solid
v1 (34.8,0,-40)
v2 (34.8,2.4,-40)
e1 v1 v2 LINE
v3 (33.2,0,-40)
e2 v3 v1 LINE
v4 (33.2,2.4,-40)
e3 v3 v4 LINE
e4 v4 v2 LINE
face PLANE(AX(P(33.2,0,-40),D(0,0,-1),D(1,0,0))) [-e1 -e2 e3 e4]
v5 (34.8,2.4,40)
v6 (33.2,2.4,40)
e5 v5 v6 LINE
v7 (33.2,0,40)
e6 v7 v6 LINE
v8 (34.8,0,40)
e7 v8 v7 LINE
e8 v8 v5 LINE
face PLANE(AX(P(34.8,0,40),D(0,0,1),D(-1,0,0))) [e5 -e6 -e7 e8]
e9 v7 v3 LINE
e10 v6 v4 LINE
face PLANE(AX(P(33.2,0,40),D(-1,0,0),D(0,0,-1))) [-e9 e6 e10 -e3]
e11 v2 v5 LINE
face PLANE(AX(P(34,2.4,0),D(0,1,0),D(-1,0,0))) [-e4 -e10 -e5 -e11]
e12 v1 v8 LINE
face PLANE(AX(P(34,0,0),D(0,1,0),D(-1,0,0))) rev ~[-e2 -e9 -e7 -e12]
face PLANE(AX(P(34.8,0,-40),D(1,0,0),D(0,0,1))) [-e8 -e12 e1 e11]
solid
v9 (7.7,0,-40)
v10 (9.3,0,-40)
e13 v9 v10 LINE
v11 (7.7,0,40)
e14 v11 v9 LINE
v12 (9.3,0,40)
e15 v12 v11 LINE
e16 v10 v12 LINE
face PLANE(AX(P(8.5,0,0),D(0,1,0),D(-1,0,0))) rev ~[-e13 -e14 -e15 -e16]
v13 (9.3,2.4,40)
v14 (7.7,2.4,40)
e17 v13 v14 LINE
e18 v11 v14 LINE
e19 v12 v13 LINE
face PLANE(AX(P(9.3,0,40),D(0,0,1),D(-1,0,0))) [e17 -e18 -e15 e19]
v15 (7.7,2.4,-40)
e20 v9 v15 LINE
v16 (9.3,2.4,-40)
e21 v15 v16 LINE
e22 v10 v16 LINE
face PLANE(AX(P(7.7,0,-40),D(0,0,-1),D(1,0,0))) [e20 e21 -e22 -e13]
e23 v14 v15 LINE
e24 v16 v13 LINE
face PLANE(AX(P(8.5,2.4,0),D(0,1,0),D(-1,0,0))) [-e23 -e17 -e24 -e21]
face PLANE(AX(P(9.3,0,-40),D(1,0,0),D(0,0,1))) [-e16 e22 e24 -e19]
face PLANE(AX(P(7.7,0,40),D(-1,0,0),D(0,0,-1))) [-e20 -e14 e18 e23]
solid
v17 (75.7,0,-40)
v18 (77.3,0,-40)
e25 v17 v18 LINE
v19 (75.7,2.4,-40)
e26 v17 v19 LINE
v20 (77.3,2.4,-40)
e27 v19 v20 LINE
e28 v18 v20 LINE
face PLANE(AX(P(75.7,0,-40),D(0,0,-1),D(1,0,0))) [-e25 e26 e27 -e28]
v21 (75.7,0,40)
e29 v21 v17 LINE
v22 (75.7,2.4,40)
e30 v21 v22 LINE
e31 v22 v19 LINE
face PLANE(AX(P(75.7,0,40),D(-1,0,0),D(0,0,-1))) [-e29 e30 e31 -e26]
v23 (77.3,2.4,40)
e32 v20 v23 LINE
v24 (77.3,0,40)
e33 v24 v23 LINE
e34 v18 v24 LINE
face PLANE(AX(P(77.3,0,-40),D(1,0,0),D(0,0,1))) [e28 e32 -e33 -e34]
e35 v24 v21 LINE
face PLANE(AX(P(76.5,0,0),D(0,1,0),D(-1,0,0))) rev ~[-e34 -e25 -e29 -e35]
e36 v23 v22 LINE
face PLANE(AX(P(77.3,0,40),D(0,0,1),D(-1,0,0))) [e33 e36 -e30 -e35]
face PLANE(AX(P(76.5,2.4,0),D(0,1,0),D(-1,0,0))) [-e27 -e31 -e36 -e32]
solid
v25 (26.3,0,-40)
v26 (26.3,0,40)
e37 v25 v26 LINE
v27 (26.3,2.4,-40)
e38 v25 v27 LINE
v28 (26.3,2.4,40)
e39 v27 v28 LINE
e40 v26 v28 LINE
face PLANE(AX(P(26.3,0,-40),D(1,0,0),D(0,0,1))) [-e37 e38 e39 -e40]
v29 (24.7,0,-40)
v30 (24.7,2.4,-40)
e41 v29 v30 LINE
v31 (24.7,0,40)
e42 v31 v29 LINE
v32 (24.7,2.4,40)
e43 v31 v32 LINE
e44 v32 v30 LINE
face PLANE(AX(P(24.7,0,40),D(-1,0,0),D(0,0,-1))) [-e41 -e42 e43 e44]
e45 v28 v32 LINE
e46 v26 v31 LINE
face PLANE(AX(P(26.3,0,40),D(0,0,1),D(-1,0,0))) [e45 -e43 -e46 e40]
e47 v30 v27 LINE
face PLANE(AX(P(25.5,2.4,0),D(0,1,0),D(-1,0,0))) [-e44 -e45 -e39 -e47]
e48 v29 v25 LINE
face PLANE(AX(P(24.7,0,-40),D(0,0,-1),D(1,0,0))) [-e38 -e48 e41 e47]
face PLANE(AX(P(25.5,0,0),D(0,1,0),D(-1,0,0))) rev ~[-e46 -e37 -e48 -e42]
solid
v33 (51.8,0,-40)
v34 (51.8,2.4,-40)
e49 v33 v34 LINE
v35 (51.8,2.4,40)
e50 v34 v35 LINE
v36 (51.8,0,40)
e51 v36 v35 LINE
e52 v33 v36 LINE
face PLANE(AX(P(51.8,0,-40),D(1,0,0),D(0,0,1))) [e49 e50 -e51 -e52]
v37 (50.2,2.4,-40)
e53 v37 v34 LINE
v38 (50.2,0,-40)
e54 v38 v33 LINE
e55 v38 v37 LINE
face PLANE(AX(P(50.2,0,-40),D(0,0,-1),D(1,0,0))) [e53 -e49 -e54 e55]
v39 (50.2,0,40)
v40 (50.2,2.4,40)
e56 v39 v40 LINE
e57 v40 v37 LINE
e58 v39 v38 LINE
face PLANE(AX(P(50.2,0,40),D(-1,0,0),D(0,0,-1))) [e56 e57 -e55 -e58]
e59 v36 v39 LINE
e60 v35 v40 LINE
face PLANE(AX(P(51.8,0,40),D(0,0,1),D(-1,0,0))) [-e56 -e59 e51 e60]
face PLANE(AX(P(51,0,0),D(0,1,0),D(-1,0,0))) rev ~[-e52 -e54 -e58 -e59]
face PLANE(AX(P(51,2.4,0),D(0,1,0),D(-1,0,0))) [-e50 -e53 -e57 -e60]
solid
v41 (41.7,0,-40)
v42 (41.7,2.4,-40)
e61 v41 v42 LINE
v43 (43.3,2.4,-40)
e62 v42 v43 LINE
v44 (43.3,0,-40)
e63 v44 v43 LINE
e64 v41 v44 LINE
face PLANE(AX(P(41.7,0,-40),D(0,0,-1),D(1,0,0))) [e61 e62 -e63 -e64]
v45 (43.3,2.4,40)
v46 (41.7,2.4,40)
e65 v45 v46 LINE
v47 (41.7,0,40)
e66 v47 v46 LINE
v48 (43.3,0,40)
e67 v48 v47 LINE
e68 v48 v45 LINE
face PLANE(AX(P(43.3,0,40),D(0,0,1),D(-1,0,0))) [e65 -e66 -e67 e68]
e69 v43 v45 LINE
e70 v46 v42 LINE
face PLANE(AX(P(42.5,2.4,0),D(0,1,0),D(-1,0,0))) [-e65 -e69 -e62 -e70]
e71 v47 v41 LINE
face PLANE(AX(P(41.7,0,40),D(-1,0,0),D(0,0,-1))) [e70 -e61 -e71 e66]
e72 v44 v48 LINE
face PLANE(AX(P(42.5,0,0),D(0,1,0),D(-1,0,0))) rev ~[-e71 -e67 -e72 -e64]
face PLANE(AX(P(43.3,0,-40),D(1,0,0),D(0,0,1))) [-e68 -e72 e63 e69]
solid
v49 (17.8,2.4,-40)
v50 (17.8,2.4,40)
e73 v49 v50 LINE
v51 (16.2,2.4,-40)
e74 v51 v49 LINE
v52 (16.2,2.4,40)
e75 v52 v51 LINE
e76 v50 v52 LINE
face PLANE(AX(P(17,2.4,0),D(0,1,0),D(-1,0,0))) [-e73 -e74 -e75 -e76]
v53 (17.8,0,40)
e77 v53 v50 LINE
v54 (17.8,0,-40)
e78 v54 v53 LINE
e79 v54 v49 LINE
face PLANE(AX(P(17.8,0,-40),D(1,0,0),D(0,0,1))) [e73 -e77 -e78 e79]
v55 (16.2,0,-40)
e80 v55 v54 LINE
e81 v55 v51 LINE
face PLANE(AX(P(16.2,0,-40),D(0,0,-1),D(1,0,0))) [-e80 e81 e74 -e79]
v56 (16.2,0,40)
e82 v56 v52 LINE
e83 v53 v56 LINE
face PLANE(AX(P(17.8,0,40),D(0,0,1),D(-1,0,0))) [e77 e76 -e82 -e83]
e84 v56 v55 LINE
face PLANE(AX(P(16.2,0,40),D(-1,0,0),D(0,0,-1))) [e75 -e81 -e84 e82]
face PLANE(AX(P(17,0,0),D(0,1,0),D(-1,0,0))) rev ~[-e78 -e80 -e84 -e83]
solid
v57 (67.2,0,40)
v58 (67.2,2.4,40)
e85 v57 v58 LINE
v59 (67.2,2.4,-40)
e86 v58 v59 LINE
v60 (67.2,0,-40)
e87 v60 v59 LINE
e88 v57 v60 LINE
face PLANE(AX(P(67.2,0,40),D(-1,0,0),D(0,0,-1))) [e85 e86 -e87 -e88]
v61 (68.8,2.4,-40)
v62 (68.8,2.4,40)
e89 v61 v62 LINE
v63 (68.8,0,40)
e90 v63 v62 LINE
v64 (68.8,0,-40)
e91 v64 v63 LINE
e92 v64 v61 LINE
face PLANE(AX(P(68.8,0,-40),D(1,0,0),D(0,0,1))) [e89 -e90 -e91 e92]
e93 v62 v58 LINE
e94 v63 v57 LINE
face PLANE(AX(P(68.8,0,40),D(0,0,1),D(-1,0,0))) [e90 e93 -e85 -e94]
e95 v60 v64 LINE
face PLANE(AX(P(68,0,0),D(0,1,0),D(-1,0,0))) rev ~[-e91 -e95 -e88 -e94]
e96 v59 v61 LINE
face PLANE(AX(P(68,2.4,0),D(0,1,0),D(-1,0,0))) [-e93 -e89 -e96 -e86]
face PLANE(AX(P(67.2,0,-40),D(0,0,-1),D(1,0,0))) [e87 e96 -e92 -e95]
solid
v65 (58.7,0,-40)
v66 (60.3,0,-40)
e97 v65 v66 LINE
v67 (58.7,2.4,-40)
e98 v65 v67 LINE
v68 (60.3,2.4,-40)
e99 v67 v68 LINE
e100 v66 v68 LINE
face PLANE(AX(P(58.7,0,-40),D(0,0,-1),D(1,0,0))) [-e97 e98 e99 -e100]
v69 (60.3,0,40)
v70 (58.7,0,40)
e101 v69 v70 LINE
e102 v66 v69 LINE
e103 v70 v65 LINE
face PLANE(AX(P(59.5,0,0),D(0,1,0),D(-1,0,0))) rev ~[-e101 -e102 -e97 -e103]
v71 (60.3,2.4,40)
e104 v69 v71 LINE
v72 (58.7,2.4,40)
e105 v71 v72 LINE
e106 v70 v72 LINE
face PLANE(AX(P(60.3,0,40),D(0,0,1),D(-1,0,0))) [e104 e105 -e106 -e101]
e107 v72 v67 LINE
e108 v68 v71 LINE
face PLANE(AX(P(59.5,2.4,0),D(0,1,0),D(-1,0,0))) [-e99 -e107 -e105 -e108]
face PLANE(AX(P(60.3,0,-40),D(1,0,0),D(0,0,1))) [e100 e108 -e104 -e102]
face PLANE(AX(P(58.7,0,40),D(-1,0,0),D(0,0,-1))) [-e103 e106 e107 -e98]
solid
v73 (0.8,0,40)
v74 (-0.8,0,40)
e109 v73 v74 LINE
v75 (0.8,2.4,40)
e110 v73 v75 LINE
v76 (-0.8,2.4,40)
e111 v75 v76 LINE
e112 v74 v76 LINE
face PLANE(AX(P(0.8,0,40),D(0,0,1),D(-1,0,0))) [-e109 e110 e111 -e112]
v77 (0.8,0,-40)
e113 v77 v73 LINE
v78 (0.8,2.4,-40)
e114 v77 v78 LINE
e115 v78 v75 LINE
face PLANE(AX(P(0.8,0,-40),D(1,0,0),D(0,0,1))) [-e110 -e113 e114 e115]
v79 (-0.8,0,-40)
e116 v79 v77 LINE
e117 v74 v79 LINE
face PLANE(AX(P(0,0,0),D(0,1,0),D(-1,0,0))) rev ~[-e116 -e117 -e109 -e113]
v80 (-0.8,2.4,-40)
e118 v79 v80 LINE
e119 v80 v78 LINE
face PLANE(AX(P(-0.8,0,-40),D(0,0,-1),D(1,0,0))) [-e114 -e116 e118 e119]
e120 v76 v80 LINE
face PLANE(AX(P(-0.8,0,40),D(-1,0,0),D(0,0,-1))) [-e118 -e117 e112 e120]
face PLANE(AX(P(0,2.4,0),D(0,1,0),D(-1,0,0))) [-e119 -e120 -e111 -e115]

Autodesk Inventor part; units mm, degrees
ref_plane "YZ Plane" through (0, 0, 0) normal (1, 0, 0) x (0, 1, 0)
ref_plane "XZ Plane" through (0, 0, 0) normal (0, 1, 0) x (-1, 0, 0)
ref_plane "XY Plane" through (0, 0, 0) normal (0, 0, 1) x (1, 0, 0)
sketch "Sketch1" plane through (0, 0, 0) normal (0, 1, 0) x (-1, 0, 0)
  line L0 (0.8, -40) -> (-0.8, -40)
  line L1 (-0.8, -40) -> (-0.8, 40)
  line L2 (-0.8, 40) -> (0.8, 40)
  line L3 (0.8, 40) -> (0.8, -40)
  line L4 (0.8, -40) -> (-0.8, 40) construction
  line L5 (-0.8, -40) -> (0.8, 40) construction
  point P0 (0, 0)
  dimension "d0" = 80
  dimension "d1" = 1.6
extrude "Extrusion1" add sketch "Sketch1" along normal blind 2.4
pattern_linear "Rectangular Pattern1" count 10 spacing 8.5 along (1, 0, 0) of "Extrusion1"
equation "\"base_add\" = 0.9"
properties part number "structure1"
